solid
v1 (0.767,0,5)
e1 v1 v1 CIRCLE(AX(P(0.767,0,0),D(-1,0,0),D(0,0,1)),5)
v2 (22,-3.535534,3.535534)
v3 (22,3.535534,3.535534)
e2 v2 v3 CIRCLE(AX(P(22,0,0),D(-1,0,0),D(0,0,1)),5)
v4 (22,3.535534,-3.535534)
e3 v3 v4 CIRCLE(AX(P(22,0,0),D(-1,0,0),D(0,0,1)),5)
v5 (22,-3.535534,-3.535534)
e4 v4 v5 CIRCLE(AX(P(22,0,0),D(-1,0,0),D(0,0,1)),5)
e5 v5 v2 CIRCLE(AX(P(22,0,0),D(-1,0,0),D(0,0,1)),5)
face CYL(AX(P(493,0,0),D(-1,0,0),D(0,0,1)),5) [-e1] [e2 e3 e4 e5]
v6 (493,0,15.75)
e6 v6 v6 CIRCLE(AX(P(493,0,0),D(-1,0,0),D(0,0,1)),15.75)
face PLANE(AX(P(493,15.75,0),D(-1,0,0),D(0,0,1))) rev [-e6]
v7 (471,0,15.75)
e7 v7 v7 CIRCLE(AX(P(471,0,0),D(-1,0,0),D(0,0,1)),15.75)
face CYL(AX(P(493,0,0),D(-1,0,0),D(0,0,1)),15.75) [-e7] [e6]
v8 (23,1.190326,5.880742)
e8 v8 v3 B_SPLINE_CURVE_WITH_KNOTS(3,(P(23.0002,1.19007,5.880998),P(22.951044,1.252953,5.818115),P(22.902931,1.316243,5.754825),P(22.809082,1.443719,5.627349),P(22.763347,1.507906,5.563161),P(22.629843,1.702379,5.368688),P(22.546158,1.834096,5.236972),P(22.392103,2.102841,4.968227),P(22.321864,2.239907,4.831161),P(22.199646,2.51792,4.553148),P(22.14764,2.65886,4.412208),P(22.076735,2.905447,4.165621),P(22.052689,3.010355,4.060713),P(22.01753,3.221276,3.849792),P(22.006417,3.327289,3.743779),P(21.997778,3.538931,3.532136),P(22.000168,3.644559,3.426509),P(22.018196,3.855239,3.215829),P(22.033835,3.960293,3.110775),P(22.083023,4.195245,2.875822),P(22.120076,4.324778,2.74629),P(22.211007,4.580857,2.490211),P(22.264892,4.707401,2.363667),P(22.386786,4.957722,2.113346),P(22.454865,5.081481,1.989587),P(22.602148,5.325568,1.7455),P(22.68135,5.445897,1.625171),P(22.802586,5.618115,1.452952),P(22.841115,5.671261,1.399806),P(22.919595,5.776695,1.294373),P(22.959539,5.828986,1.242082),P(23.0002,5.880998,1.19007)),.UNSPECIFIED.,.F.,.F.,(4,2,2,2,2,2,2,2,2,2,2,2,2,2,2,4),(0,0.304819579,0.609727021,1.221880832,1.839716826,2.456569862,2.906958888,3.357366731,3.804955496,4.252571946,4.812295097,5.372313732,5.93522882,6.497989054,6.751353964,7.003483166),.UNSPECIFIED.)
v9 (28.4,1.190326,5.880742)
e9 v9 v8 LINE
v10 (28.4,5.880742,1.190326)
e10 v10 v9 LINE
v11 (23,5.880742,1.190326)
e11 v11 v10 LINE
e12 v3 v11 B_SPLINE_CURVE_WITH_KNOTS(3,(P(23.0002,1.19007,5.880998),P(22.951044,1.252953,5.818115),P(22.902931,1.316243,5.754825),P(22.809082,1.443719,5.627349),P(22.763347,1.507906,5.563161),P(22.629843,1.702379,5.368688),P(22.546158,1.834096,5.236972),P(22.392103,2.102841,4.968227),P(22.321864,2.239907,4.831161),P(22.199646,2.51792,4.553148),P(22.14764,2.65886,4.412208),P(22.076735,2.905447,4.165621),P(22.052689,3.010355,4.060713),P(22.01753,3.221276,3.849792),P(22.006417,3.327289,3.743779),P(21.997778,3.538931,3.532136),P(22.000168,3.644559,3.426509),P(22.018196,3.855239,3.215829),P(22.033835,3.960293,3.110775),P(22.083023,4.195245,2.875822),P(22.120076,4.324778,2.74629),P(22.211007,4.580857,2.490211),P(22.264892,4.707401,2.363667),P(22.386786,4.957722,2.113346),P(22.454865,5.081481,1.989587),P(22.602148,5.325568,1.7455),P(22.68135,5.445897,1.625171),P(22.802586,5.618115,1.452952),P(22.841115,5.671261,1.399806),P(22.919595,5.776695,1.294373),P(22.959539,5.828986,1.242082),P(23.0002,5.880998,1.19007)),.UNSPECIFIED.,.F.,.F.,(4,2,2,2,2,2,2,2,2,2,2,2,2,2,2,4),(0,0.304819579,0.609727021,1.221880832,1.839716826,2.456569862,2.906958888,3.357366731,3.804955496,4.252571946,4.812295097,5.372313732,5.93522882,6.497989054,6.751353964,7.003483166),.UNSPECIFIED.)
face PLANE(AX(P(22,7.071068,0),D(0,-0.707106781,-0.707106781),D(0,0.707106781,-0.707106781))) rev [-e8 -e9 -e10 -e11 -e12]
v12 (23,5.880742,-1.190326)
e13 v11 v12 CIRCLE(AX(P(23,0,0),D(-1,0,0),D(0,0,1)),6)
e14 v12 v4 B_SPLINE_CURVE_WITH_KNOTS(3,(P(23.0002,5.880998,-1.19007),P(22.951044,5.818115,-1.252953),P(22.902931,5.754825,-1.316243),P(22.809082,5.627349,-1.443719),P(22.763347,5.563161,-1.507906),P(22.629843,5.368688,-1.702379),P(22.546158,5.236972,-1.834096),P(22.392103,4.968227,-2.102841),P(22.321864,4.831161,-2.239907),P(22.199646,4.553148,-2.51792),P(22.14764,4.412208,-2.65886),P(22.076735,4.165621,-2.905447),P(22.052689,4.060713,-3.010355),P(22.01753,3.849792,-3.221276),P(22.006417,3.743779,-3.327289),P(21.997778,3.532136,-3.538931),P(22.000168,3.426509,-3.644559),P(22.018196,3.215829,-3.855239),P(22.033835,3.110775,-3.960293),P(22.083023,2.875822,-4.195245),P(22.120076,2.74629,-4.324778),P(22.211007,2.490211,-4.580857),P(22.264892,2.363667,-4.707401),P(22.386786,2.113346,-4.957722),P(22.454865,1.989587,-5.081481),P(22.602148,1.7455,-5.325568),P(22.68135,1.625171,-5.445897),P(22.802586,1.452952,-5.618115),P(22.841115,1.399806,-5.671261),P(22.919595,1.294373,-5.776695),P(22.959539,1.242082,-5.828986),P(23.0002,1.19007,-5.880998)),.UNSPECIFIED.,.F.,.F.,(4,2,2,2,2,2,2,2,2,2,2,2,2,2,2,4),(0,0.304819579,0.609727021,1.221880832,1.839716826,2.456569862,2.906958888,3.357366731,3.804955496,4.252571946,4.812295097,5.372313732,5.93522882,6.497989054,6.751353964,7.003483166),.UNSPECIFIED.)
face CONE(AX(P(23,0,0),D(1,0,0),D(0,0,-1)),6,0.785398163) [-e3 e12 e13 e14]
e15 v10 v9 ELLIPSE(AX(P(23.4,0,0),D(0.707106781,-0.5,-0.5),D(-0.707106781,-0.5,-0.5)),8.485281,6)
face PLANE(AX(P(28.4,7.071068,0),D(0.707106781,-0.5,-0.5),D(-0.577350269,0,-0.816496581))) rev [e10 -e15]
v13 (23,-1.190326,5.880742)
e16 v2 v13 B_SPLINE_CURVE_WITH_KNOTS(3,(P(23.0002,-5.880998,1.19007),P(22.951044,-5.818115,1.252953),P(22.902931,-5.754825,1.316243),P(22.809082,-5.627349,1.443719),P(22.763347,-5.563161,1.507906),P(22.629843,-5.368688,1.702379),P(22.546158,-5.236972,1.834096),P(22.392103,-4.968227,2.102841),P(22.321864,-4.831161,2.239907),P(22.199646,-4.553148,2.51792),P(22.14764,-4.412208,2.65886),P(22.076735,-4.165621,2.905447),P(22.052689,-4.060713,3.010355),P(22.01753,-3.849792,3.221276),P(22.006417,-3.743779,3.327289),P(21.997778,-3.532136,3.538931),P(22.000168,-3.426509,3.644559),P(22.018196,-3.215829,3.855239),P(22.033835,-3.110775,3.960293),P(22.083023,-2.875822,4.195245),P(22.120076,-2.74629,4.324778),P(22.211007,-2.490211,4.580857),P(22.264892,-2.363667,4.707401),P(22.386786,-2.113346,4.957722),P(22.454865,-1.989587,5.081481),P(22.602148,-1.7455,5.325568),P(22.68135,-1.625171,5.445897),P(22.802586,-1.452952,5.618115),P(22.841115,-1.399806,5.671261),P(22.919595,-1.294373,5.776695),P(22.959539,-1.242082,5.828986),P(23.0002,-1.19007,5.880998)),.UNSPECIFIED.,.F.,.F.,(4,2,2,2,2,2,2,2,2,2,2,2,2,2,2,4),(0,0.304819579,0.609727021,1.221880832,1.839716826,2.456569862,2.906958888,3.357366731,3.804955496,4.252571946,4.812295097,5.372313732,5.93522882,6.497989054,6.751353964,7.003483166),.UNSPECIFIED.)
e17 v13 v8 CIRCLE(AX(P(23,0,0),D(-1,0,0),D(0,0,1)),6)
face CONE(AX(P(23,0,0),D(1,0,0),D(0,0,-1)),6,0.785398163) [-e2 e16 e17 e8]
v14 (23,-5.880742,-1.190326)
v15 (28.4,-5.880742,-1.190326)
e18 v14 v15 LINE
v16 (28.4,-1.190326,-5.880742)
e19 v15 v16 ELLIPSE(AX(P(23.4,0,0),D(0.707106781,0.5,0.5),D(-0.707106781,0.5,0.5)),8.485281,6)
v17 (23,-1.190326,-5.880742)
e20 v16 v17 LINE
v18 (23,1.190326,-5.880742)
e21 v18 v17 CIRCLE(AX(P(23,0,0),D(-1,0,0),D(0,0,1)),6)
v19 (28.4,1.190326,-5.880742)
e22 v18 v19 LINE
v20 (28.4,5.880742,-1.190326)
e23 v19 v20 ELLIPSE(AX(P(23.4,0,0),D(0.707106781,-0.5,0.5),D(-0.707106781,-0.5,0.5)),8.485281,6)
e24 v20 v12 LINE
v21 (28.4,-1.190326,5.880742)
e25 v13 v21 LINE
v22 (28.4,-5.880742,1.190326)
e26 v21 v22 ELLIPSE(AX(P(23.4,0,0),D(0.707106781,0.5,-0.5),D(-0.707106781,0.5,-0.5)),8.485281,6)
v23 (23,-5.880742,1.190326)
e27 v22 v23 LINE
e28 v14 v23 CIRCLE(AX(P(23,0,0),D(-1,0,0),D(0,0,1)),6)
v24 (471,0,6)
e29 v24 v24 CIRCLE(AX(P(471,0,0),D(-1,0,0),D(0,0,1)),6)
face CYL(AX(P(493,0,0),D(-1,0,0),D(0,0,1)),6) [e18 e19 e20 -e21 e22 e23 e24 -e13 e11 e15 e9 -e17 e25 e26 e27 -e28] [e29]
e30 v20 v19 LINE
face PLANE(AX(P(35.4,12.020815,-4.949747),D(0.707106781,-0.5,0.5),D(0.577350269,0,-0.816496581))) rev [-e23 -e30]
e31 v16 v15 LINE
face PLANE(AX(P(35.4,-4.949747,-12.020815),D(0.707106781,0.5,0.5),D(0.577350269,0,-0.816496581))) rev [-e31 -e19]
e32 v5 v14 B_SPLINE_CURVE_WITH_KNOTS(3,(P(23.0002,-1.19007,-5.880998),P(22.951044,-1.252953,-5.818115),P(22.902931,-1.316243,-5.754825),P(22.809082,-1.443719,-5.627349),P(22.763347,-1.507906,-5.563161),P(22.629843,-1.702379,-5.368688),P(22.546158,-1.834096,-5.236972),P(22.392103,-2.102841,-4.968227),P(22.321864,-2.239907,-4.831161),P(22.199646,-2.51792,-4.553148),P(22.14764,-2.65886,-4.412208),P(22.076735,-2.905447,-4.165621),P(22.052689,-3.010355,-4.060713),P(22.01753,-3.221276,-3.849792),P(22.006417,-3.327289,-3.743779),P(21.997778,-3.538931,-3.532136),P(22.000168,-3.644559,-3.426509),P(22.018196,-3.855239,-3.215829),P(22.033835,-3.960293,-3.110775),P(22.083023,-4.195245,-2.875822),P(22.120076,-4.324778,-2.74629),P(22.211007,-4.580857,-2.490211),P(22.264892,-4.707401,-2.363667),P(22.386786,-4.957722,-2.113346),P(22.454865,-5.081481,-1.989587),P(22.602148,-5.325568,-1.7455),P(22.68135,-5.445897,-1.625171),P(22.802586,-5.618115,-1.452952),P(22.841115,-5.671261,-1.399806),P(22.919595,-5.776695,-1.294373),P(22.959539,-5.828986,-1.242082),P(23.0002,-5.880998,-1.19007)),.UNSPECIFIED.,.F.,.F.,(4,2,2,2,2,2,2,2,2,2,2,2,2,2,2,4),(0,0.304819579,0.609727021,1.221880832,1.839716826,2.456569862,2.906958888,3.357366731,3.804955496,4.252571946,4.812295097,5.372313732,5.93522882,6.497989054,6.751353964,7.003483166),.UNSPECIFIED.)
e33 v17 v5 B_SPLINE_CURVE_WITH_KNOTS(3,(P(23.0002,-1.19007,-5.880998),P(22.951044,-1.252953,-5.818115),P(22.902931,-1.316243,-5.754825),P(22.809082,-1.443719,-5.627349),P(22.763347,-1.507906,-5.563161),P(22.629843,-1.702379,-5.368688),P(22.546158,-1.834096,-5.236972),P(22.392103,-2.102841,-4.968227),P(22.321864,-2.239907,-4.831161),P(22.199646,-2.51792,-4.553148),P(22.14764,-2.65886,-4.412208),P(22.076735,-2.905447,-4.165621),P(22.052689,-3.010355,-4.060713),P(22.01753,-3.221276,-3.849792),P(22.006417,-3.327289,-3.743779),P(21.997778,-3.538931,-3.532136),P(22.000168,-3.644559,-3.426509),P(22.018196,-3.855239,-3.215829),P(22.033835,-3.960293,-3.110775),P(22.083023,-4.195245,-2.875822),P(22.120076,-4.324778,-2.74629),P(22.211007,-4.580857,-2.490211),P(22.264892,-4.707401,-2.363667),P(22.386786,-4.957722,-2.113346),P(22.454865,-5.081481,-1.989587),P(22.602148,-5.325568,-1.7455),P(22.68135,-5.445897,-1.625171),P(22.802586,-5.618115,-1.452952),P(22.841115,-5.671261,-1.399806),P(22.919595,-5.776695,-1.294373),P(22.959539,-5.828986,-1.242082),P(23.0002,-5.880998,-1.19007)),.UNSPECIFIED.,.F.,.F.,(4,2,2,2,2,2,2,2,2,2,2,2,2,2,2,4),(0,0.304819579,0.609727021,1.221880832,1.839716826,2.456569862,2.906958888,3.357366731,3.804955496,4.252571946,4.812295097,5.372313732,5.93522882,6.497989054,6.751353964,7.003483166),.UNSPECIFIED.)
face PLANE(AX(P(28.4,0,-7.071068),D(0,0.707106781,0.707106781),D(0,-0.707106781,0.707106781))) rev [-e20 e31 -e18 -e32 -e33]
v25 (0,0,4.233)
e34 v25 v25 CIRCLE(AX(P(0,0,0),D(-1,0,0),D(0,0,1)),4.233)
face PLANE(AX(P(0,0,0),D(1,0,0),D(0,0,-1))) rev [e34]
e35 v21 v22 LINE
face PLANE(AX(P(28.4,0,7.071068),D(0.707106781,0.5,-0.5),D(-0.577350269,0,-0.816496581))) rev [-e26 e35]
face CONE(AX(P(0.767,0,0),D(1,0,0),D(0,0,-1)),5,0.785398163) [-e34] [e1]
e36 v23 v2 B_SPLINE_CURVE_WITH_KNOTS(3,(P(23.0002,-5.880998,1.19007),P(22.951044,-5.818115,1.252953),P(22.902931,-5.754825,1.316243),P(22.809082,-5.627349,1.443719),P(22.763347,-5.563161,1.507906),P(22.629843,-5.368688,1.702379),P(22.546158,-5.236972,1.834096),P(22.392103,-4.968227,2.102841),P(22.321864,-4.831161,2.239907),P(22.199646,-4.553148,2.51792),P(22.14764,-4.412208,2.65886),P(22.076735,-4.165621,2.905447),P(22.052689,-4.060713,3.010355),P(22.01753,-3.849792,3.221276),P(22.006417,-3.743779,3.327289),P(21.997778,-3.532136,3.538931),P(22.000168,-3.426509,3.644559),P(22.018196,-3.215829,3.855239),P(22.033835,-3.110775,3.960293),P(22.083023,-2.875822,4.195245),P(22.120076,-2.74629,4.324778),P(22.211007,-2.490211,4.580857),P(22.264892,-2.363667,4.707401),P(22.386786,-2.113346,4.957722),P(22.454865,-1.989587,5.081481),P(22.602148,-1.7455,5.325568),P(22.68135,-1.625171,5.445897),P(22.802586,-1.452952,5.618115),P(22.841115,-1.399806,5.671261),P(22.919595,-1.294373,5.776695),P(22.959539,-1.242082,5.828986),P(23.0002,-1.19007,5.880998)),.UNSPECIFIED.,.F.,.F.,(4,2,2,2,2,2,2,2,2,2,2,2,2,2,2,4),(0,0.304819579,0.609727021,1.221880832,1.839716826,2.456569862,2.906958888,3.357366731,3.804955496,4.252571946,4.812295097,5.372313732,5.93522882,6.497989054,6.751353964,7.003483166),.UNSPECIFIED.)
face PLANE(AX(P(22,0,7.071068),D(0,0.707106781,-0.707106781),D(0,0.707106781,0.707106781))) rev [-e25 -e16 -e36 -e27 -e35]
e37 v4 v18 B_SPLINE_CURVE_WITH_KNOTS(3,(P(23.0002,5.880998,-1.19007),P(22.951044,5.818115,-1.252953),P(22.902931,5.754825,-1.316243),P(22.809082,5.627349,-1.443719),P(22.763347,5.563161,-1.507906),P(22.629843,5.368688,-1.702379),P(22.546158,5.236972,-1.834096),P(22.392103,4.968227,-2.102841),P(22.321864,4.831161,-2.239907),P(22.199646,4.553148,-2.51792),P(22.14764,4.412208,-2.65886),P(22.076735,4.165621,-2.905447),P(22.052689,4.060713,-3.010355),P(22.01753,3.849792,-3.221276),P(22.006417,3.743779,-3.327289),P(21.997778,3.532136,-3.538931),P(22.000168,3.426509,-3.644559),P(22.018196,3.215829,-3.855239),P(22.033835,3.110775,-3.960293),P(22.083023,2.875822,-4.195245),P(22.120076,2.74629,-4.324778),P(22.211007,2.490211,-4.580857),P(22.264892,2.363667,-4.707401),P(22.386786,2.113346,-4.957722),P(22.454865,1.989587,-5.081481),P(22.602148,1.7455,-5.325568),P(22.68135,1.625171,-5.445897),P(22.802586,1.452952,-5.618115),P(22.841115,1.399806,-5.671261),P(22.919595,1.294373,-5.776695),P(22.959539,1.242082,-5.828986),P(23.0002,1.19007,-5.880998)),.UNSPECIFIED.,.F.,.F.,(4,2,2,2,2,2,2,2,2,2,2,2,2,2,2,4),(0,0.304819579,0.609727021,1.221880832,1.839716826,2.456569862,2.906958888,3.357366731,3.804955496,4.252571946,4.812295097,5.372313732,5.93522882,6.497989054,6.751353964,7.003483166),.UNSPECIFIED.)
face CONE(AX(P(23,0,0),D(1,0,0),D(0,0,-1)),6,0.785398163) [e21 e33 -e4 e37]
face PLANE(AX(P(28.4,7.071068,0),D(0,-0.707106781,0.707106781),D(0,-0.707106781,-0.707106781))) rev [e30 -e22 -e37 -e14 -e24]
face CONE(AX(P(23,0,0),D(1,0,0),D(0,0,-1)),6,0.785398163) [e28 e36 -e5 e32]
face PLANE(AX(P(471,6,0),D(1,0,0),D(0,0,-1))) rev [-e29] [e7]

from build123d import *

# Parameters (mm, degrees)
CUT_EXTRUDE_1_DEPTH      = 5
CUT_EXTRUDE_1_DEPTH_BACK = 5
CUT_EXTRUDE_2_DEPTH      = 5
CUT_EXTRUDE_2_DEPTH_BACK = 5


with BuildPart() as part:
    # 草图1 → 旋转1 (revolve)
    with BuildSketch(Plane.XY):
        Polygon((0, 0), (0, 4.233), (0.767, 5), (22, 5), (23, 6), (471, 6), (471, 15.75), (493, 15.75), (493, 0), align=None)
    revolve(axis=Axis((493, 0, 0), (-1, 0, 0)))

    # 草图2 → 切除-拉伸1 (cut, two sides: drawn at the far end of the back side and taken through both)
    with BuildSketch(Plane(origin=(0, 0, 0), x_dir=(1, 0, 0), z_dir=(0, -0.7071067811865477, 0.7071067811865475)).offset(-CUT_EXTRUDE_1_DEPTH_BACK)):
        Polygon((-5, -12), (35.4, -12), (28.4, -5), (22, -5), (19.8, -7.2), (19.8, -10), (-3, -10), (-3, 10), (19.8, 10), (19.8, 7.2), (22, 5), (28.4, 5), (35.4, 12), (-5, 12), align=None)
    extrude(amount=CUT_EXTRUDE_1_DEPTH + CUT_EXTRUDE_1_DEPTH_BACK, mode=Mode.SUBTRACT)

    # 草图3 → 切除-拉伸2 (cut, two sides: drawn at the far end of the back side and taken through both)
    with BuildSketch(Plane(origin=(0, 0, 0), x_dir=(-1, 0, 0), z_dir=(0, -0.7071067811865477, -0.7071067811865475)).offset(-CUT_EXTRUDE_2_DEPTH_BACK)):
        Polygon((5, 12), (-35.4, 12), (-28.4, 5), (-22, 5), (-19.8, 7.2), (-19.8, 10), (3, 10), (3, -10), (-19.8, -10), (-19.8, -7.2), (-22, -5), (-28.4, -5), (-35.4, -12), (5, -12), align=None)
    extrude(amount=CUT_EXTRUDE_2_DEPTH + CUT_EXTRUDE_2_DEPTH_BACK, mode=Mode.SUBTRACT)


solid = part.part
